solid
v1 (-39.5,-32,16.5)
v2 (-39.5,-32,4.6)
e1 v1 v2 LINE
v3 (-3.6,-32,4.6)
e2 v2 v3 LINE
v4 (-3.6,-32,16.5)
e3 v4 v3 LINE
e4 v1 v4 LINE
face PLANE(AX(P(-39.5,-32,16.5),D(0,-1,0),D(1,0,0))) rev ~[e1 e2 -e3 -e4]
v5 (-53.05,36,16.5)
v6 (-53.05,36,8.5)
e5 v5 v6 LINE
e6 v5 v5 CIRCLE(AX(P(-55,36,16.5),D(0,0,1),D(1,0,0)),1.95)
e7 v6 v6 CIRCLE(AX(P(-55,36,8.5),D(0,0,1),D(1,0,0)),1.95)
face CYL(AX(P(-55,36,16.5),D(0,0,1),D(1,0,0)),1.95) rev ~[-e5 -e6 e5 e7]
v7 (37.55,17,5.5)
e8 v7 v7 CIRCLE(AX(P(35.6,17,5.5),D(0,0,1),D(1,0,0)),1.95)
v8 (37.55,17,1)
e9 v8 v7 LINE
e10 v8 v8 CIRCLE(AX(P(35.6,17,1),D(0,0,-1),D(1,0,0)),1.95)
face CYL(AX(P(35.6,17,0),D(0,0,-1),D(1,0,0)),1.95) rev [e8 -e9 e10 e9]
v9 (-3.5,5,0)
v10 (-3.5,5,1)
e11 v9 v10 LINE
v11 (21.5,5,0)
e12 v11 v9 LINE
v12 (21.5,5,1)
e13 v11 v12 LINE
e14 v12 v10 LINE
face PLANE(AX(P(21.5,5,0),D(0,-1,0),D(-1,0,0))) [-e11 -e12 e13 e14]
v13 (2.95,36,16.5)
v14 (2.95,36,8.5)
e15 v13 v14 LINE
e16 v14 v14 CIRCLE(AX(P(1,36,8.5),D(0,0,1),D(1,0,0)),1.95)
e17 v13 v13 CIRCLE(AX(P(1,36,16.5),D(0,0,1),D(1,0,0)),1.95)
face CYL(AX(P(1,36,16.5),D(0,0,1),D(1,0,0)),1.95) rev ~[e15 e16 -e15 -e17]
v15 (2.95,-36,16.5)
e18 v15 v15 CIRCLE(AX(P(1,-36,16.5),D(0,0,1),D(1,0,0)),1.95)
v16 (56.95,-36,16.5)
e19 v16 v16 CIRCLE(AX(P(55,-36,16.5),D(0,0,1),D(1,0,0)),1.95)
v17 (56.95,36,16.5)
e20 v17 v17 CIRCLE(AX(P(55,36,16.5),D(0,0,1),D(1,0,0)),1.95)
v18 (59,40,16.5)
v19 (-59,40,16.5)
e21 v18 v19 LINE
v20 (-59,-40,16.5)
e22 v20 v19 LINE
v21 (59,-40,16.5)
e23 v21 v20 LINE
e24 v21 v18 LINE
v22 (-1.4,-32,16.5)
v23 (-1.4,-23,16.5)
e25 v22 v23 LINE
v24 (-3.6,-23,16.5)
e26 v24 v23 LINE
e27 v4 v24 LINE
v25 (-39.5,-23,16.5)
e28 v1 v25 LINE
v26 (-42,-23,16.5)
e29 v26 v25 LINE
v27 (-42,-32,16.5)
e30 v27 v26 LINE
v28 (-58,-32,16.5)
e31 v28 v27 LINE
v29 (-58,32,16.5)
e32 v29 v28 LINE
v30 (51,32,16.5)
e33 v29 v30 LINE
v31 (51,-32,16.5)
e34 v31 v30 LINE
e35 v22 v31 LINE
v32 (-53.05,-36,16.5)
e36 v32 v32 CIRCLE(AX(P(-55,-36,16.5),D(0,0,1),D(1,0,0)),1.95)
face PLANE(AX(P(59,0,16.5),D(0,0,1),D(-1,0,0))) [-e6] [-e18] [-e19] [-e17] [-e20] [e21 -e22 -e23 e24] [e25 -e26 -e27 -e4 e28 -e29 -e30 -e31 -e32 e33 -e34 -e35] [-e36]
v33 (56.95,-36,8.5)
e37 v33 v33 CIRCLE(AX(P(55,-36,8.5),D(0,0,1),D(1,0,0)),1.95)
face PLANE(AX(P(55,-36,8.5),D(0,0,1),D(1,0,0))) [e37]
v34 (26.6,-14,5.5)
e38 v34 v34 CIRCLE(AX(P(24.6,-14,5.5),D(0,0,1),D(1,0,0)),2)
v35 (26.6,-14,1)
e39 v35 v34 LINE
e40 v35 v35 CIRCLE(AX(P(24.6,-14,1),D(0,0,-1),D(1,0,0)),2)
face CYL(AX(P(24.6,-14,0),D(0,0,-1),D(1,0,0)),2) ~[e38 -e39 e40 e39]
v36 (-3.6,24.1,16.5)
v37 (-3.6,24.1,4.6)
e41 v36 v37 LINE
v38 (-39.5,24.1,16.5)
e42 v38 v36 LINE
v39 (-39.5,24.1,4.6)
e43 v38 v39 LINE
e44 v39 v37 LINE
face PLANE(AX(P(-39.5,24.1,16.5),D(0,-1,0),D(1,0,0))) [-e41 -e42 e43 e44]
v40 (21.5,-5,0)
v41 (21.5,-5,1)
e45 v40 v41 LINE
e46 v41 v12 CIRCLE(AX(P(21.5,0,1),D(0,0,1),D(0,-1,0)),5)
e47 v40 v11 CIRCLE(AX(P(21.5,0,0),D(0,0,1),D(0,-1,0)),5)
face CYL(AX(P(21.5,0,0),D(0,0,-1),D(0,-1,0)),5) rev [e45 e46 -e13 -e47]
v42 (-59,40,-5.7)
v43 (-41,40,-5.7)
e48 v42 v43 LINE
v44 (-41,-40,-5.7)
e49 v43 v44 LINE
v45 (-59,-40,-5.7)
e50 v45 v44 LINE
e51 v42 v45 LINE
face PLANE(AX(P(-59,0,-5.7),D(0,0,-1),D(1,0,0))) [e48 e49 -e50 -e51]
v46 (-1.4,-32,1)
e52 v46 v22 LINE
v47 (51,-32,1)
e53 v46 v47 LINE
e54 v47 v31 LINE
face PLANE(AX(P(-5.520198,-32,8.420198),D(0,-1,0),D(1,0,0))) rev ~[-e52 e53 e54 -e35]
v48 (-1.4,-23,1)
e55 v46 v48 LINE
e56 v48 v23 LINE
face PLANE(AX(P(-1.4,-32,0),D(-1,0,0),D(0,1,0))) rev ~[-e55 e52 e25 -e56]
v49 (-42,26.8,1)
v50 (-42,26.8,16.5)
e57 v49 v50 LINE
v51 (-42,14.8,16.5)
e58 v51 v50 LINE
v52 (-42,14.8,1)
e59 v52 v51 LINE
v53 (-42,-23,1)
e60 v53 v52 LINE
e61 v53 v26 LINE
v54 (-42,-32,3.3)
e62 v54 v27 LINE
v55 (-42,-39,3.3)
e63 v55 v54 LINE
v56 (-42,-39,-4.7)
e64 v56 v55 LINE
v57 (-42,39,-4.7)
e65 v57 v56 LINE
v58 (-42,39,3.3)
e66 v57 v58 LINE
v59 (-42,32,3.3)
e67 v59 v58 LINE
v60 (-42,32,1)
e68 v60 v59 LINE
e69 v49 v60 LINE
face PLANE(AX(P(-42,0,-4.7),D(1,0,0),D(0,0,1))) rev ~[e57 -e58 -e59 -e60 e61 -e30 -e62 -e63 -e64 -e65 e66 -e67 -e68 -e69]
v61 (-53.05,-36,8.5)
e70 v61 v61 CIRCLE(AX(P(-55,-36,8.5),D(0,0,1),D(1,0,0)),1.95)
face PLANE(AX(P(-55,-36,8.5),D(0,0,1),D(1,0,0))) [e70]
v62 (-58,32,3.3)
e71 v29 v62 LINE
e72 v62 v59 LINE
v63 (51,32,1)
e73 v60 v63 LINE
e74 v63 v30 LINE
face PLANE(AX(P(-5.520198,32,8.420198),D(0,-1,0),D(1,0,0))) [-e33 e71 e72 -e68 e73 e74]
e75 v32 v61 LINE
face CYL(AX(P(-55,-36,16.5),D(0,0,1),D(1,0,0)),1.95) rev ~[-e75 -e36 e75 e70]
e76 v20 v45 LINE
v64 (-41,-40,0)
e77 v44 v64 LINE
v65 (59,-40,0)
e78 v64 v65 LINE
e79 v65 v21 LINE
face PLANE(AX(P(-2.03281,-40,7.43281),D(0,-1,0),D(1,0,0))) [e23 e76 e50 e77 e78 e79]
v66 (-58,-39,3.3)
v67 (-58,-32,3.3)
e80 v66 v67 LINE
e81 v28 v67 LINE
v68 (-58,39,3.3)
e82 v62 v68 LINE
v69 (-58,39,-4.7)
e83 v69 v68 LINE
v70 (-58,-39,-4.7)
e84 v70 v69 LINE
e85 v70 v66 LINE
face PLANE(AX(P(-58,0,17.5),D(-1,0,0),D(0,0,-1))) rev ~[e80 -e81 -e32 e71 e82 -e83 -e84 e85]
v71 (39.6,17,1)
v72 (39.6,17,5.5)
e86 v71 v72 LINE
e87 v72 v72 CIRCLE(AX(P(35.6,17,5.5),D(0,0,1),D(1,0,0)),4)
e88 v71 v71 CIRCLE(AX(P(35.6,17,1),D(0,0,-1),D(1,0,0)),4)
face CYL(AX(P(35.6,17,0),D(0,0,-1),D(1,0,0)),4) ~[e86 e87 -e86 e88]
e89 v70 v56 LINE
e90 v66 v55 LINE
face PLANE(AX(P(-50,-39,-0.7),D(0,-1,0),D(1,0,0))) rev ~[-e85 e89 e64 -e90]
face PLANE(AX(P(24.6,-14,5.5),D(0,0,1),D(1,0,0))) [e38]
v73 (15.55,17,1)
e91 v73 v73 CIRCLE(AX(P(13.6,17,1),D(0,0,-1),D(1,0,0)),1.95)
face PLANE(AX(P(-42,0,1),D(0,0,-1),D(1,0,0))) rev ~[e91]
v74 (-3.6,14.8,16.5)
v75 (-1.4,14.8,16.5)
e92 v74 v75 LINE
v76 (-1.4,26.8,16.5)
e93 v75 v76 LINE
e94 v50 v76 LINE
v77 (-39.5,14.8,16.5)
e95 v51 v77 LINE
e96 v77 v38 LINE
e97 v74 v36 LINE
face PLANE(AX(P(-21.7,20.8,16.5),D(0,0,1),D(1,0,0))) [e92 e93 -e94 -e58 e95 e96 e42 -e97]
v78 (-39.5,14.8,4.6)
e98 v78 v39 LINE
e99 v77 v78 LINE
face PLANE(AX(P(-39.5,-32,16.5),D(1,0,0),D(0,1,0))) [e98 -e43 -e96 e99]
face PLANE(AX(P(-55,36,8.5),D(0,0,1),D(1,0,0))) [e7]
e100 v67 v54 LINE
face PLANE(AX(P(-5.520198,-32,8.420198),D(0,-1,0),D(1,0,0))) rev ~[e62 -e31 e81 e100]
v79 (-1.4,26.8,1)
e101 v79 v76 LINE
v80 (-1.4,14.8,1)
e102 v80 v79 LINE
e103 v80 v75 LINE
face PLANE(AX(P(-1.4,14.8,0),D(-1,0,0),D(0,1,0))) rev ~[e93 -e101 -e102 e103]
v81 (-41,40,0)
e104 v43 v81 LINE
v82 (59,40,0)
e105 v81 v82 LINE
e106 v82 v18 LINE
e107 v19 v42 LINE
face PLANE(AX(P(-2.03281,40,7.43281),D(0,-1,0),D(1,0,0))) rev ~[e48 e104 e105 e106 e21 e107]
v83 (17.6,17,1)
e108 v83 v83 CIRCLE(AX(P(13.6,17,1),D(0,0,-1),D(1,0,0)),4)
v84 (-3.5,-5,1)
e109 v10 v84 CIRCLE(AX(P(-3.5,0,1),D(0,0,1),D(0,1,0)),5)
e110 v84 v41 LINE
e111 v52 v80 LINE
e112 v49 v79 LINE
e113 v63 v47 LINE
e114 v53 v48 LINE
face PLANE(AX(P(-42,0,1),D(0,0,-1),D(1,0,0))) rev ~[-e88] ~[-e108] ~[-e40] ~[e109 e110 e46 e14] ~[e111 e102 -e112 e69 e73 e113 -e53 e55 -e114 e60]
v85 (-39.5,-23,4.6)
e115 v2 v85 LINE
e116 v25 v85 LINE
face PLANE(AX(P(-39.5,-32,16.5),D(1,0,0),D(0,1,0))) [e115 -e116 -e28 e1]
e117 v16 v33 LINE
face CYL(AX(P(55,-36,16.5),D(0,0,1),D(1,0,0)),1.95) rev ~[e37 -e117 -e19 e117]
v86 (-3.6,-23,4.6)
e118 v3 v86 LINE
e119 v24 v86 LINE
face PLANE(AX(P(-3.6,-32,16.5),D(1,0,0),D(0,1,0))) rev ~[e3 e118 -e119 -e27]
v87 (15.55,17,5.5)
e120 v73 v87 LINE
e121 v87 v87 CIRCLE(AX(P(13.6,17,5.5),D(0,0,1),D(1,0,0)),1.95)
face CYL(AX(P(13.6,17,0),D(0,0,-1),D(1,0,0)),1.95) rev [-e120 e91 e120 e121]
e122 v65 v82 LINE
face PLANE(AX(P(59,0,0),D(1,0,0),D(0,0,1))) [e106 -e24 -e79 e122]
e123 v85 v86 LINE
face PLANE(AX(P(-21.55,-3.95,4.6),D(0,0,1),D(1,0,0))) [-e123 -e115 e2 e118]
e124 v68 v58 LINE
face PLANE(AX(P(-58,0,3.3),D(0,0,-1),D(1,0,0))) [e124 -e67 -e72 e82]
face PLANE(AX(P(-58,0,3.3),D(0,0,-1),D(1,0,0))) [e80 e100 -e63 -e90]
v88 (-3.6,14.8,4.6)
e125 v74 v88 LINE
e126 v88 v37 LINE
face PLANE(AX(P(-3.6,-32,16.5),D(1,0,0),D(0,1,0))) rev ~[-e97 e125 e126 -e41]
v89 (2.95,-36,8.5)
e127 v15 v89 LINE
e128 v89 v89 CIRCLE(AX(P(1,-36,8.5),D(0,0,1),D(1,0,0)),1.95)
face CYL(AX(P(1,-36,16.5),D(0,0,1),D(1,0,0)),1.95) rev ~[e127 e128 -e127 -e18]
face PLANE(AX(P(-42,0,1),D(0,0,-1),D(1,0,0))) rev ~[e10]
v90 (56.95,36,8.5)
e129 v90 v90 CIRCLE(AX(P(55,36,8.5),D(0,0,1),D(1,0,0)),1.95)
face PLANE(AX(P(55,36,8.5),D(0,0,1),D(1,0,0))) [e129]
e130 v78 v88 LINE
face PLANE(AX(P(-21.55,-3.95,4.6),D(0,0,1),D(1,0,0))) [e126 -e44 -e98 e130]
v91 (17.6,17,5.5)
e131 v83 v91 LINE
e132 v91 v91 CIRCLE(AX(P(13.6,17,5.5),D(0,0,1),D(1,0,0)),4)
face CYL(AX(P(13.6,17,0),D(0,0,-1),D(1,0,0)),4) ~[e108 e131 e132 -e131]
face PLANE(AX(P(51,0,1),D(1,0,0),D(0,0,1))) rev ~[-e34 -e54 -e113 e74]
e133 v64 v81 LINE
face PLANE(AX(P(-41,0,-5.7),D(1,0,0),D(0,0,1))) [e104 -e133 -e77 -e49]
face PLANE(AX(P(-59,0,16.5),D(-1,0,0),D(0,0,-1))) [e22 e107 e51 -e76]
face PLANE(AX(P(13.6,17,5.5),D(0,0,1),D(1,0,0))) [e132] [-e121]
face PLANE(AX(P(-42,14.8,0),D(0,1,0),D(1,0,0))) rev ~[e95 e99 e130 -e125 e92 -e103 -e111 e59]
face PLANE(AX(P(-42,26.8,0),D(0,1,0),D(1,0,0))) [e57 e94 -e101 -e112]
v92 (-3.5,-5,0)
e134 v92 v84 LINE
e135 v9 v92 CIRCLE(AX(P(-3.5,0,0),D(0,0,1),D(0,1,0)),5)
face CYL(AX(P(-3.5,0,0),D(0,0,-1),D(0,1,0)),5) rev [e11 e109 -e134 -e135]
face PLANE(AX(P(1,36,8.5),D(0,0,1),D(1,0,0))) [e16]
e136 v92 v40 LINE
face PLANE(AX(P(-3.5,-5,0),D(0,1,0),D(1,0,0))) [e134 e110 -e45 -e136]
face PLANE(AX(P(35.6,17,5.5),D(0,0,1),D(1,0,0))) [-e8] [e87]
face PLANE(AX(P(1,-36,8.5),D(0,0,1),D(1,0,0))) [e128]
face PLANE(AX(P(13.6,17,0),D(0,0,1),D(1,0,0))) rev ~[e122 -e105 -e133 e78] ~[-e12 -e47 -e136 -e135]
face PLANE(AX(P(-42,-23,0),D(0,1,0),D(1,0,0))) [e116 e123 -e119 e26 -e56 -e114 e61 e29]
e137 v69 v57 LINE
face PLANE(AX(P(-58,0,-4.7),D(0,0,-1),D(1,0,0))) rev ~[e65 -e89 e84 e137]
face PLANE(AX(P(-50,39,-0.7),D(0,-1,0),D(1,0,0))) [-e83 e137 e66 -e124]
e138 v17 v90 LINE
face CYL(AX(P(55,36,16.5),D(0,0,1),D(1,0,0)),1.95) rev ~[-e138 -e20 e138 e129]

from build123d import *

# Parameters (mm, degrees)
PAD_DEPTH       = 40
POCKET_DEPTH    = 32
POCKET001_DEPTH = 1
SKETCH007_R     = 4
SKETCH007_R_2   = 1.95
SKETCH007_R_3   = 2
PAD005_DEPTH    = 5.5
SKETCH008_W     = 16
SKETCH008_H     = 8
POCKET002_DEPTH = 39
SKETCH013_R     = 1.95
POCKET003_DEPTH = 8
SKETCH018_W     = 40.6
SKETCH018_H     = 12
SKETCH018_H_2   = 9
PAD012_DEPTH    = 16.5
SKETCH019_W     = 35.9
SKETCH019_H     = 56.1
POCKET006_DEPTH = 11.9


with BuildPart() as part:
    # Sketch → Pad (new body, symmetric)
    with BuildSketch(Plane.XZ):
        Polygon((-59, 16.5), (-59, -5.7), (-41, -5.7), (-41, 0), (59, 0), (59, 16.5), align=None)
    extrude(amount=PAD_DEPTH, both=True)

    # Sketch001 → Pocket (cut, symmetric)
    with BuildSketch(Plane.XZ):
        Polygon((-42, 1), (51, 1), (51, 17.5), (-58, 17.5), (-58, -4.7), (-42, -4.7), align=None)
    extrude(amount=POCKET_DEPTH, both=True, mode=Mode.SUBTRACT)

    # Sketch004 → Pocket001 (cut)
    with BuildSketch(Plane.XY):
        with BuildLine():
            ThreePointArc((-3.5, 5), (-8.5, 0), (-3.5, -5))
            Line((-3.5, -5), (21.5, -5))
            ThreePointArc((21.5, -5), (26.5, 0), (21.5, 5))
            Line((21.5, 5), (-3.5, 5))
        make_face()
    extrude(amount=POCKET001_DEPTH, mode=Mode.SUBTRACT)

    # Sketch007 → Pad005 (join)
    with BuildSketch(Plane.XY):
        with Locations((13.6, 17)):
            Circle(SKETCH007_R)
        with Locations((13.6, 17)):
            Circle(SKETCH007_R_2, mode=Mode.SUBTRACT)
        with Locations((35.6, 17)):
            Circle(SKETCH007_R)
        with Locations((35.6, 17)):
            Circle(SKETCH007_R_2, mode=Mode.SUBTRACT)
        with Locations((24.6, -14)):
            Circle(SKETCH007_R_3)
    extrude(amount=PAD005_DEPTH)

    # Sketch008 → Pocket002 (cut, symmetric)
    with BuildSketch(Plane.XZ):
        with Locations((-50, -0.7)):
            Rectangle(SKETCH008_W, SKETCH008_H)
    extrude(amount=POCKET002_DEPTH, both=True, mode=Mode.SUBTRACT)

    # Sketch013 (on DatumPlane) → Pocket003 (cut)
    with BuildSketch(Plane.XY.offset(16.5)):
        with Locations((-55, 36)):
            Circle(SKETCH013_R)
        with Locations((1, 36)):
            Circle(SKETCH013_R)
        with Locations((55, 36)):
            Circle(SKETCH013_R)
        with Locations((55, -36)):
            Circle(SKETCH013_R)
        with Locations((1, -36)):
            Circle(SKETCH013_R)
        with Locations((-55, -36)):
            Circle(SKETCH013_R)
    extrude(amount=-POCKET003_DEPTH, mode=Mode.SUBTRACT)

    # Sketch018 → Pad012 (join)
    with BuildSketch(Plane.XY):
        with Locations((-21.7, 20.8)):
            Rectangle(SKETCH018_W, SKETCH018_H)
        with Locations((-21.7, -27.5)):
            Rectangle(SKETCH018_W, SKETCH018_H_2)
    extrude(amount=PAD012_DEPTH)

    # Sketch019 (on DatumPlane) → Pocket006 (cut)
    with BuildSketch(Plane.XY.offset(16.5)):
        with Locations((-21.55, -3.95)):
            Rectangle(SKETCH019_W, SKETCH019_H)
    extrude(amount=-POCKET006_DEPTH, mode=Mode.SUBTRACT)


solid = part.part
